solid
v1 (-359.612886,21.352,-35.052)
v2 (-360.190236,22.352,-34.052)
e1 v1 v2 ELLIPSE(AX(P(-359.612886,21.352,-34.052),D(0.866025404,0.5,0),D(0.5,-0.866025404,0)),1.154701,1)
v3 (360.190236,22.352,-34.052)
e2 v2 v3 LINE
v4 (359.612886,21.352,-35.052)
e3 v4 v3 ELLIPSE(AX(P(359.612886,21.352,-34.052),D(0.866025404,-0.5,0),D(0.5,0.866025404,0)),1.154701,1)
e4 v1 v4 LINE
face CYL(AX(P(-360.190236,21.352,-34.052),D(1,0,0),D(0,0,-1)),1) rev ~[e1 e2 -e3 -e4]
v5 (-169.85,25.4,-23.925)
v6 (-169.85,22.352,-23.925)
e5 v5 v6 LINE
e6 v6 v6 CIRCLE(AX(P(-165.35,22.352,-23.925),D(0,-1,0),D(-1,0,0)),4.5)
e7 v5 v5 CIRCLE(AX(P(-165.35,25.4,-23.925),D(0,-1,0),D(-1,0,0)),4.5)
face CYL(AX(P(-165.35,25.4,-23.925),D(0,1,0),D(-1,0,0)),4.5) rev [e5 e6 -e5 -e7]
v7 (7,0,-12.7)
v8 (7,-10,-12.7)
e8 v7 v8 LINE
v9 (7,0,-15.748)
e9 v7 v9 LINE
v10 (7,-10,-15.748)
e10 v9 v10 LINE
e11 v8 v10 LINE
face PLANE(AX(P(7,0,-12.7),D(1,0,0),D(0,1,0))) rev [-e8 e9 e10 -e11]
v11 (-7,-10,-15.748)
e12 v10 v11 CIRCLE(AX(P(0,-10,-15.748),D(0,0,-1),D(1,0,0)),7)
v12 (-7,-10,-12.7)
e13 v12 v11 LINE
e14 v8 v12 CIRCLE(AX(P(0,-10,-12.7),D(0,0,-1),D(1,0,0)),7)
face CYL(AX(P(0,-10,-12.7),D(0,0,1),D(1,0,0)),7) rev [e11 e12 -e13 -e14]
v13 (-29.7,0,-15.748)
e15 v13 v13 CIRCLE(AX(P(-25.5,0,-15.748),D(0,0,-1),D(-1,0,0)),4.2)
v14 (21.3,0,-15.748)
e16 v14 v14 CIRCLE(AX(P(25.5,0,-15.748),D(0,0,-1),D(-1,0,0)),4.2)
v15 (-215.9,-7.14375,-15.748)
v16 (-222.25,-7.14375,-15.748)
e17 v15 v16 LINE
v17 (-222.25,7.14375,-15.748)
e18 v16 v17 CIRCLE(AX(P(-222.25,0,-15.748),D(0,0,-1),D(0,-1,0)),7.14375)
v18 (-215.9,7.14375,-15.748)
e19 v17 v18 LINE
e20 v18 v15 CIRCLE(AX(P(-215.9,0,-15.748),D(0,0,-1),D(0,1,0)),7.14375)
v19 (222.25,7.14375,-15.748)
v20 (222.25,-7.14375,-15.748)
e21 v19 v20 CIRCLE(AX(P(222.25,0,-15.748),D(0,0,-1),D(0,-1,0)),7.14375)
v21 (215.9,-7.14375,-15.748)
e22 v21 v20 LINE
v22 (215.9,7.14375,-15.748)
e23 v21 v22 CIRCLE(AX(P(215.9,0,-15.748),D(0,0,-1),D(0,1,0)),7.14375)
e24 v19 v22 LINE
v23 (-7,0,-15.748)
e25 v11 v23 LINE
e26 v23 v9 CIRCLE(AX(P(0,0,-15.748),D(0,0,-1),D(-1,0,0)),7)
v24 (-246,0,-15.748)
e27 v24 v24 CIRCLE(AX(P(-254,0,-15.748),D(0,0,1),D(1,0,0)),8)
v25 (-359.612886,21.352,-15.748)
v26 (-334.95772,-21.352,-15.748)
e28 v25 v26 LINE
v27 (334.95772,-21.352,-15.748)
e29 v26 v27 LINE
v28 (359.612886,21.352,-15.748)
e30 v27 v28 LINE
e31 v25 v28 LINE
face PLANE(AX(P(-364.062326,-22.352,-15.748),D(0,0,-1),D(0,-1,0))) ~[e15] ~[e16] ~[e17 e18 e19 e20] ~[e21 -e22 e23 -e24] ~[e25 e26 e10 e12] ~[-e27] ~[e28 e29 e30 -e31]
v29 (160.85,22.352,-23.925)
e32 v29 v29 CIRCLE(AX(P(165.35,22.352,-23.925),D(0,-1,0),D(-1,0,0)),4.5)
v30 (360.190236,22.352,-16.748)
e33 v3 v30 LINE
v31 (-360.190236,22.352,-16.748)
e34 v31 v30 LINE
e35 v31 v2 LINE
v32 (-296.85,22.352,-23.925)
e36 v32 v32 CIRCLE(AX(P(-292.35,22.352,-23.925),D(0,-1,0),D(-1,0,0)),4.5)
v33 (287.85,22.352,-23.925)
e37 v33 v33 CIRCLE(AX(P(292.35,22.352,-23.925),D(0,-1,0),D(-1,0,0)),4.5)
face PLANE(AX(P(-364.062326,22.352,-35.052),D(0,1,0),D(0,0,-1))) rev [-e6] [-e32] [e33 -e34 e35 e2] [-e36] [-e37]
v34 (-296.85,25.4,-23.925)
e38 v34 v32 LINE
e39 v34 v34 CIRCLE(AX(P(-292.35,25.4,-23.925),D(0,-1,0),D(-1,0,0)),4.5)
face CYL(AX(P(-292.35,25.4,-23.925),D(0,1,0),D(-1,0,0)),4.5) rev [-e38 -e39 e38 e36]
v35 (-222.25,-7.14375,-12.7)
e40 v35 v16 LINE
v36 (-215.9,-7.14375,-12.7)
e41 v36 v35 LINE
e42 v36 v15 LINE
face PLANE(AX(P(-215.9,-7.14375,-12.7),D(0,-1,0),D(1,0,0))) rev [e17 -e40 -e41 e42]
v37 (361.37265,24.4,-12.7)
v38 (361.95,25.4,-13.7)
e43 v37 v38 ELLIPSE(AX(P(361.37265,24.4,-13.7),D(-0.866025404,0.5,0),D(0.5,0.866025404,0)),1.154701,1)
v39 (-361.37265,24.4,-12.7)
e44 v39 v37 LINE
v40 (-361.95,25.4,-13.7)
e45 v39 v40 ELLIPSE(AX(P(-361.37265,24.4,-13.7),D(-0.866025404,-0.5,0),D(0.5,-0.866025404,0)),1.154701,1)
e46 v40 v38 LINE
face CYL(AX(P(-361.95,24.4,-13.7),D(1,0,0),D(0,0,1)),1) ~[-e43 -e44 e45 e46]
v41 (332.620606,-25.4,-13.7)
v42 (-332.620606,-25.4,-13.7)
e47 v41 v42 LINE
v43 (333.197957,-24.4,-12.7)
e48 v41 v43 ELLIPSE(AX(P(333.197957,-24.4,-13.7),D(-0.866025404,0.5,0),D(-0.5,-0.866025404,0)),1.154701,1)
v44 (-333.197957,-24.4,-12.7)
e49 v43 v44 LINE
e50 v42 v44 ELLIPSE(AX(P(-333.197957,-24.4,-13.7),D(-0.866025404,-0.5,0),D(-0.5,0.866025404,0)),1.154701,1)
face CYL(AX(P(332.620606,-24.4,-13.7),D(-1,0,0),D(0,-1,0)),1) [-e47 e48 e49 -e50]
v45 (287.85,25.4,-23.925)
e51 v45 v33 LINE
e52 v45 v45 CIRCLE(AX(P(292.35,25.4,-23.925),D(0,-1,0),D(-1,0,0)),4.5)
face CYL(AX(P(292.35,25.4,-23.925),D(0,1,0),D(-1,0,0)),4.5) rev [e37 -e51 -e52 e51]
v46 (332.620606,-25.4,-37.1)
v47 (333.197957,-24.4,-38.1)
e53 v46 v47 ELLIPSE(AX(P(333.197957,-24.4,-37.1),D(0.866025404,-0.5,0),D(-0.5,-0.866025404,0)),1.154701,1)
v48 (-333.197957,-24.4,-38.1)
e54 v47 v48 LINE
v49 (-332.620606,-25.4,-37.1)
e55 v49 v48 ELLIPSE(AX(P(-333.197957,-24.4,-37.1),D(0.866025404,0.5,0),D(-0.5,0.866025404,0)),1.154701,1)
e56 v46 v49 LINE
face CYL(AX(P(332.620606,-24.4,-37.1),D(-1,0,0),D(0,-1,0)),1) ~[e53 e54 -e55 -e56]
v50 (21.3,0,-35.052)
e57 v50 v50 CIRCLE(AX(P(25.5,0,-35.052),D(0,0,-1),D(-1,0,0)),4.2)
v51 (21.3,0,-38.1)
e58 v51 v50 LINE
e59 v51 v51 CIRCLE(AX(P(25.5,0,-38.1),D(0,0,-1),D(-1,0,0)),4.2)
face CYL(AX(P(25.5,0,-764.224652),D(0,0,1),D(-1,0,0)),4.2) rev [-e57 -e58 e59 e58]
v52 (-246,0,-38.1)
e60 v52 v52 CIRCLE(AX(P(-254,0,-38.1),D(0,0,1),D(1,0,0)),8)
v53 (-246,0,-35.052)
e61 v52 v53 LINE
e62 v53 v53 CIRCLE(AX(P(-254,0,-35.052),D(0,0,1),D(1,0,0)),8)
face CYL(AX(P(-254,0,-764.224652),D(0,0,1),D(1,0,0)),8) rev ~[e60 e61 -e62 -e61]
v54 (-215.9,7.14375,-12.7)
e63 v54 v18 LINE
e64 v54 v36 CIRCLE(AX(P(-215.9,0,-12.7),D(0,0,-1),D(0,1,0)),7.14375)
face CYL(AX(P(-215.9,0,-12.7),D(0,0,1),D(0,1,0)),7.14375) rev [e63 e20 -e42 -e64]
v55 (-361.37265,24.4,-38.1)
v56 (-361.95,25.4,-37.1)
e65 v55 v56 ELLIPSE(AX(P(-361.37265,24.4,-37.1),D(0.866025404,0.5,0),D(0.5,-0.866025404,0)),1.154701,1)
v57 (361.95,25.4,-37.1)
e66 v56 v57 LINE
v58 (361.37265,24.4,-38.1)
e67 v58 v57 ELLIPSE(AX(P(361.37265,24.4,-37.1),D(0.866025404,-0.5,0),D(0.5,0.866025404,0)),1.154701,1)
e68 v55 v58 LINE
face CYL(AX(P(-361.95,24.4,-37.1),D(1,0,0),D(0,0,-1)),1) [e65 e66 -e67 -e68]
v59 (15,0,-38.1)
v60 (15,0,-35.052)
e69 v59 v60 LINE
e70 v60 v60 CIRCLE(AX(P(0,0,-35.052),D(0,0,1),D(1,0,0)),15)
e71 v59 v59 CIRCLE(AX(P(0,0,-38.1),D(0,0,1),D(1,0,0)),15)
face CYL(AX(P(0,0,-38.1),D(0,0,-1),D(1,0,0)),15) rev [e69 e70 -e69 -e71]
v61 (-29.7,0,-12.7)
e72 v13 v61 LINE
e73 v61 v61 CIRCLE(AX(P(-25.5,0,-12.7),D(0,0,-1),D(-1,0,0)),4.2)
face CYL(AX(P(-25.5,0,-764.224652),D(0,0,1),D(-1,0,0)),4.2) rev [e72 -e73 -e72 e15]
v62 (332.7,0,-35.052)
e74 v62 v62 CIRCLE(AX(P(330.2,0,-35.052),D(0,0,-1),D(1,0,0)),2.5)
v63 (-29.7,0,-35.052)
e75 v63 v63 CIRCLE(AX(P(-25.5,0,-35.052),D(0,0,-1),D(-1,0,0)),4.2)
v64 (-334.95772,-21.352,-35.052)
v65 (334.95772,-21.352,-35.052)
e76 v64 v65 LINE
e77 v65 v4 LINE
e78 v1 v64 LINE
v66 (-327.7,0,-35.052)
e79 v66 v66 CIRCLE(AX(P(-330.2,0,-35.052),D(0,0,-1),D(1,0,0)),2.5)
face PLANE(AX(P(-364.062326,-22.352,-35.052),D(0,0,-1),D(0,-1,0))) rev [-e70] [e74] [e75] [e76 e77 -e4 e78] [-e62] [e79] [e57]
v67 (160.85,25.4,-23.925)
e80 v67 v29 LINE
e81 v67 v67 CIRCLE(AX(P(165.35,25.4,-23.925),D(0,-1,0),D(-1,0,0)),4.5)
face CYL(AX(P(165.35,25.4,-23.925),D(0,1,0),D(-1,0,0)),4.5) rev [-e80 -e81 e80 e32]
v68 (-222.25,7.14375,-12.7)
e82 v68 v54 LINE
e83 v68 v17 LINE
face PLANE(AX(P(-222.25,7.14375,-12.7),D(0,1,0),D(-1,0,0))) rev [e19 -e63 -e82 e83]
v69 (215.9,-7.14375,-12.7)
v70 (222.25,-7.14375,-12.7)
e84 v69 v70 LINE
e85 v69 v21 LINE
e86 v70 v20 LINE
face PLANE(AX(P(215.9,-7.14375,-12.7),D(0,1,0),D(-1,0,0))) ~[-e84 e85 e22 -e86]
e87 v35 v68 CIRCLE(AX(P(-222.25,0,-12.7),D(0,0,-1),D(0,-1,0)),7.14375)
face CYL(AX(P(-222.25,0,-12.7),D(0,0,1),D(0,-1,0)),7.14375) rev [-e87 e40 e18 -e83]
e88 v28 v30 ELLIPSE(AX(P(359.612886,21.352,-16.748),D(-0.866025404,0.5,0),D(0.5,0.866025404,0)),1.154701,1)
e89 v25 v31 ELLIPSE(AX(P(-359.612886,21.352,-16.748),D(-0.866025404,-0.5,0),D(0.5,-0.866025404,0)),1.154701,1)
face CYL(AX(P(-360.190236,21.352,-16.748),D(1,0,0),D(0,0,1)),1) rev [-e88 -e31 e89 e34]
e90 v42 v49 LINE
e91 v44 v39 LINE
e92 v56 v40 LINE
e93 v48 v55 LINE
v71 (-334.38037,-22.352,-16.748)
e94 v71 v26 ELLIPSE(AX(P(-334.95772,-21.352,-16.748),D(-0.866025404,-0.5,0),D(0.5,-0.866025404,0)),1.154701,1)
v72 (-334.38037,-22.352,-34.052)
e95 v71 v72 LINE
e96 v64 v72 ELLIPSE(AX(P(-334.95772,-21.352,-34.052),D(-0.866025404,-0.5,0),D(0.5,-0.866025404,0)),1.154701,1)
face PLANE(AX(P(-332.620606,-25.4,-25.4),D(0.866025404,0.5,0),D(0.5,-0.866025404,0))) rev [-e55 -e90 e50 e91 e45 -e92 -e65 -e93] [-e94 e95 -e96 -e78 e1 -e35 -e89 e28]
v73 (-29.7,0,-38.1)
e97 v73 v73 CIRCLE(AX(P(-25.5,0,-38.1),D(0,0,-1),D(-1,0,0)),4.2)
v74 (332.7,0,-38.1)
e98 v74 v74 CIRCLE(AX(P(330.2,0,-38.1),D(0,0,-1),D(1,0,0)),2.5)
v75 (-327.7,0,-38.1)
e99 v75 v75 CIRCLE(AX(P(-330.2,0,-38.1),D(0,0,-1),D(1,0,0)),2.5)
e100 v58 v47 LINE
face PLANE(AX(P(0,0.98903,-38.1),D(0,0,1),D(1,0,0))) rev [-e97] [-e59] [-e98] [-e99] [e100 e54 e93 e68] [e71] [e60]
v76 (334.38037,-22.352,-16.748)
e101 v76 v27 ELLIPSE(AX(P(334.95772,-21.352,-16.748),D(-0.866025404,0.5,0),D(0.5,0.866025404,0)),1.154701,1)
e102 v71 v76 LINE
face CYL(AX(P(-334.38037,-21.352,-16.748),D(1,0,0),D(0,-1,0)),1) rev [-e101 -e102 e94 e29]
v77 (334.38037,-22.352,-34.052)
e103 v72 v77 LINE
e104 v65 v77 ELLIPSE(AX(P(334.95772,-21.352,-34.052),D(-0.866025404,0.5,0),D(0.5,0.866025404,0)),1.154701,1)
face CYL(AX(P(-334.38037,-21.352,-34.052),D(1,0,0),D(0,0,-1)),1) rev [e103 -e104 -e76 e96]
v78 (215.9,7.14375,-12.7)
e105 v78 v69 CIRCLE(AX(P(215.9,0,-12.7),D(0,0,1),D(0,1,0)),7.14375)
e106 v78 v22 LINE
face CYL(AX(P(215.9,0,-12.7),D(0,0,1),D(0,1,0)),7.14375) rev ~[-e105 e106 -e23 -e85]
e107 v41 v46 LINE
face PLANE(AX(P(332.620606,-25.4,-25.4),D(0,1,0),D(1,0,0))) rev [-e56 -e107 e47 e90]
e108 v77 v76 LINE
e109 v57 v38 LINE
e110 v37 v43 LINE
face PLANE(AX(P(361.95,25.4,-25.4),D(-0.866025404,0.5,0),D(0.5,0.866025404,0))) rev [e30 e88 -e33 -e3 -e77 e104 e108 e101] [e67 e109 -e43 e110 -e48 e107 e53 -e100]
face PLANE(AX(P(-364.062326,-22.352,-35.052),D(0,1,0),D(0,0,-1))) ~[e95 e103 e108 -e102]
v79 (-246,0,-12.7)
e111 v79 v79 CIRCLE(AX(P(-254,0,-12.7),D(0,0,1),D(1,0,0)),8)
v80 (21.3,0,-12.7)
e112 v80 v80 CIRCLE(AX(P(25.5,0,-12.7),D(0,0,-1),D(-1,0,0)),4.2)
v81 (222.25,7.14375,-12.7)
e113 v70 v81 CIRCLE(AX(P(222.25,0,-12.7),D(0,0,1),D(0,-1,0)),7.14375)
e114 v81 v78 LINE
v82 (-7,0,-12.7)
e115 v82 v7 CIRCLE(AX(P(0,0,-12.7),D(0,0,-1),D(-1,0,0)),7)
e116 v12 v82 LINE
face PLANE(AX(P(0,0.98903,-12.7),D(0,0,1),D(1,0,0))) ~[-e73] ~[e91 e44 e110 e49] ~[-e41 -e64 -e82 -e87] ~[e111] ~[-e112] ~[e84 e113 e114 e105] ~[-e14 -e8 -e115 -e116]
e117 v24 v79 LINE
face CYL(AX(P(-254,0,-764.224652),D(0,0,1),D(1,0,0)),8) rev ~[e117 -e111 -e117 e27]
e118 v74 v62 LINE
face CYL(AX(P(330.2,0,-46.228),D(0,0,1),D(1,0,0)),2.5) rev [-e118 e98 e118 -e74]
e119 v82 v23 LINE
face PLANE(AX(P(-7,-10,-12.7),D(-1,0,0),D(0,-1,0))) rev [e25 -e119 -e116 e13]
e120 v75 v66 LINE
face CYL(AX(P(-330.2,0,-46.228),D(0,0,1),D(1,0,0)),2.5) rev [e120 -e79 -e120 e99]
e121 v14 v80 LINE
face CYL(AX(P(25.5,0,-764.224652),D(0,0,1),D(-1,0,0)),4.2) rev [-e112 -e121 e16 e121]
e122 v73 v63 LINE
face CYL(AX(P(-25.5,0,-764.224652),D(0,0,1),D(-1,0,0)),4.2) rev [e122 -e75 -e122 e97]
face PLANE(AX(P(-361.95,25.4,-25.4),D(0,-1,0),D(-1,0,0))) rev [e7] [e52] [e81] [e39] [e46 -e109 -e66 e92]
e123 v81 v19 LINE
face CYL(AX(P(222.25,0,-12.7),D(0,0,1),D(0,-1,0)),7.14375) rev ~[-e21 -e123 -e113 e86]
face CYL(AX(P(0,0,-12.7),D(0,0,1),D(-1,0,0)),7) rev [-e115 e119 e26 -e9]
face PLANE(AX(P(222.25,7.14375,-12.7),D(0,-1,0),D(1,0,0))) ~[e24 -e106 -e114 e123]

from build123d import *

# Parameters (mm, degrees)
BOSS_EXTRUDE1_DEPTH       = 12.7
CUT_EXTRUDE1_DEPTH        = 364.062325917
CUT_EXTRUDE1_DEPTH_BACK   = 364.062325917
SKETCH3_W                 = 19.304
SKETCH3_H                 = 44.704
FILLET1_R                 = 1
WIREHOLE_REACH            = 365.728
MIDDLEHOLE_REACH          = 365.728
SKETCH5_R                 = 15
SPACERHOLESM8_D           = 8.4
WIRE_SLOTS_REACH          = 365.728
PLATE_MOUNTING_REACH      = 367.718
SKETCH14_R                = 4.5
M6X1_0_TAPPED_HOLE1_D     = 5
M6X1_0_TAPPED_HOLE1_DEPTH = 5.588
CUT_EXTRUDE5_DEPTH        = 365.834993524
CUT_EXTRUDE5_DEPTH_BACK   = 365.834993524
SKETCH10_W                = 25.4
SKETCH10_H                = 50.8
POWER_D                   = 16


with BuildPart() as part:
    # Sketch2 → Boss-Extrude1 (new, symmetric)
    with BuildSketch(Plane.XY):
        Polygon((-332.620606325, -25.4), (-361.95, 25.4), (361.95, 25.4), (332.620606325, -25.4), align=None)
    extrude(amount=BOSS_EXTRUDE1_DEPTH, both=True)

    # Sketch3 → Cut-Extrude1 (cut, two sides: drawn at the far end of the back side and taken through both)
    with BuildSketch(Plane(origin=(0, 0, 0), x_dir=(0, 0, -1), z_dir=(1, 0, 0)).offset(-CUT_EXTRUDE1_DEPTH_BACK)):
        Rectangle(SKETCH3_W, SKETCH3_H)
    extrude(amount=CUT_EXTRUDE1_DEPTH + CUT_EXTRUDE1_DEPTH_BACK, mode=Mode.SUBTRACT)

    # Fillet1
    fillet1_edges = [part.edges().sort_by_distance(p)[0] for p in [
        (0, -25.4, 12.7),
        (0, 22.352, -9.652),
        (0, -22.352, -9.652),
        (0, -22.352, 9.652),
        (0, 22.352, 9.652),
        (0, -25.4, -12.7),
        (0, 25.4, -12.7),
        (0, 25.4, 12.7),
    ]]
    fillet(fillet1_edges, radius=FILLET1_R)

    # Sketch4 → WireHole (cut, up to next)
    with BuildSketch(Plane(origin=(0, 0, -12.7), x_dir=(-1, 0, 0), z_dir=(0, 0, -1)), mode=Mode.PRIVATE) as wirehole_sk1:
        with BuildLine():
            Line((-7, 0), (-7, -10))
            ThreePointArc((-7, -10), (0, -17), (7, -10))
            Line((7, -10), (7, 0))
            ThreePointArc((7, 0), (0, 7), (-7, 0))
        make_face()
    wirehole_tool1 = extrude(wirehole_sk1.sketch, amount=-WIREHOLE_REACH, mode=Mode.PRIVATE) & part.part
    add(wirehole_tool1.solids().sort_by_distance((0, -5, -12.7))[0], mode=Mode.SUBTRACT)

    # Sketch5 → MiddleHole (cut, up to next)
    with BuildSketch(Plane.XY.offset(12.7), mode=Mode.PRIVATE) as middlehole_sk1:
        Circle(SKETCH5_R)
    middlehole_tool1 = extrude(middlehole_sk1.sketch, amount=-MIDDLEHOLE_REACH, mode=Mode.PRIVATE) & part.part
    add(middlehole_tool1.solids().sort_by_distance((0, 0, 12.7))[0], mode=Mode.SUBTRACT)

    # SpacerHolesM8 (through all)
    with Locations(Plane.XY.offset(12.7)):
        with Locations((-25.5, 0), (25.5, 0)):
            Hole(SPACERHOLESM8_D / 2)

    # Sketch9 → Wire Slots (cut, up to next)
    with BuildSketch(Plane(origin=(0, 0, -12.7), x_dir=(-1, 0, 0), z_dir=(0, 0, -1)), mode=Mode.PRIVATE) as wire_slots_sk1:
        with BuildLine():
            Line((-222.25, 7.14375), (-215.9, 7.14375))
            ThreePointArc((-215.9, 7.14375), (-208.75625, 0), (-215.9, -7.14375))
            Line((-215.9, -7.14375), (-222.25, -7.14375))
            ThreePointArc((-222.25, -7.14375), (-229.39375, 0), (-222.25, 7.14375))
        make_face()
    wire_slots_tool1 = extrude(wire_slots_sk1.sketch, amount=-WIRE_SLOTS_REACH, mode=Mode.PRIVATE) & part.part
    # Sketch9 → Wire Slots (cut, up to next)
    with BuildSketch(Plane(origin=(0, 0, -12.7), x_dir=(-1, 0, 0), z_dir=(0, 0, -1)), mode=Mode.PRIVATE) as wire_slots_sk2:
        with BuildLine():
            Line((222.25, 7.14375), (215.9, 7.14375))
            ThreePointArc((215.9, 7.14375), (208.75625, 0), (215.9, -7.14375))
            Line((215.9, -7.14375), (222.25, -7.14375))
            ThreePointArc((222.25, -7.14375), (229.39375, 0), (222.25, 7.14375))
        make_face()
    wire_slots_tool2 = extrude(wire_slots_sk2.sketch, amount=-WIRE_SLOTS_REACH, mode=Mode.PRIVATE) & part.part
    add(wire_slots_tool1.solids().sort_by_distance((219.075, 0, -12.7))[0], mode=Mode.SUBTRACT)
    add(wire_slots_tool2.solids().sort_by_distance((-219.075, 0, -12.7))[0], mode=Mode.SUBTRACT)

    # Sketch14 → Plate Mounting (cut, up to next)
    with BuildSketch(Plane(origin=(0, 25.4, 0), x_dir=(1, 0, 0), z_dir=(0, 1, 0)), mode=Mode.PRIVATE) as plate_mounting_sk1:
        with Locations(Location((-165.35, 1.475, 0), (0, 0, 180))):
            Circle(SKETCH14_R)
    plate_mounting_tool1 = extrude(plate_mounting_sk1.sketch, amount=-PLATE_MOUNTING_REACH, mode=Mode.PRIVATE) & part.part
    # Sketch14 → Plate Mounting (cut, up to next)
    with BuildSketch(Plane(origin=(0, 25.4, 0), x_dir=(1, 0, 0), z_dir=(0, 1, 0)), mode=Mode.PRIVATE) as plate_mounting_sk2:
        with Locations(Location((-292.35, 1.475, 0), (0, 0, 180))):
            Circle(SKETCH14_R)
    plate_mounting_tool2 = extrude(plate_mounting_sk2.sketch, amount=-PLATE_MOUNTING_REACH, mode=Mode.PRIVATE) & part.part
    # Sketch14 → Plate Mounting (cut, up to next)
    with BuildSketch(Plane(origin=(0, 25.4, 0), x_dir=(1, 0, 0), z_dir=(0, 1, 0)), mode=Mode.PRIVATE) as plate_mounting_sk3:
        with Locations(Location((292.35, 1.475, 0), (0, 0, 180))):
            Circle(SKETCH14_R)
    plate_mounting_tool3 = extrude(plate_mounting_sk3.sketch, amount=-PLATE_MOUNTING_REACH, mode=Mode.PRIVATE) & part.part
    # Sketch14 → Plate Mounting (cut, up to next)
    with BuildSketch(Plane(origin=(0, 25.4, 0), x_dir=(1, 0, 0), z_dir=(0, 1, 0)), mode=Mode.PRIVATE) as plate_mounting_sk4:
        with Locations(Location((165.35, 1.475, 0), (0, 0, 180))):
            Circle(SKETCH14_R)
    plate_mounting_tool4 = extrude(plate_mounting_sk4.sketch, amount=-PLATE_MOUNTING_REACH, mode=Mode.PRIVATE) & part.part
    add(plate_mounting_tool1.solids().sort_by_distance((-165.35, 25.4, -1.475))[0], mode=Mode.SUBTRACT)
    add(plate_mounting_tool2.solids().sort_by_distance((-292.35, 25.4, -1.475))[0], mode=Mode.SUBTRACT)
    add(plate_mounting_tool3.solids().sort_by_distance((292.35, 25.4, -1.475))[0], mode=Mode.SUBTRACT)
    add(plate_mounting_tool4.solids().sort_by_distance((165.35, 25.4, -1.475))[0], mode=Mode.SUBTRACT)

    # M6x1.0 Tapped Hole1
    with Locations(Plane(origin=(0, 0, 15.24), x_dir=(-1, 0, 0), z_dir=(0, 0, 1))):
        with Locations((-330.2, 0), (330.2, 0)):
            Hole(M6X1_0_TAPPED_HOLE1_D / 2, depth=M6X1_0_TAPPED_HOLE1_DEPTH)


with BuildPart() as body_2:
    # Mirror1: mirrored copy
    add(part.part.mirror(Plane(origin=(0, 0, -12.7), x_dir=(1, 0, 0), z_dir=(0, 0, -1))))

    # Power (through all)
    with Locations(Plane(origin=(0, 0, -38.1), x_dir=(-1, 0, 0), z_dir=(0, 0, -1))):
        with Locations((254, 0)):
            Hole(POWER_D / 2)


with BuildPart() as part_1:
    add(part.part)

    # Sketch10 → Cut-Extrude5 (cut, two sides: drawn at the far end of the back side and taken through both)
    with BuildSketch(Plane(origin=(0, 0, 0), x_dir=(0, 0, -1), z_dir=(1, 0, 0)).offset(-CUT_EXTRUDE5_DEPTH_BACK)):
        Rectangle(SKETCH10_W, SKETCH10_H)
    extrude(amount=CUT_EXTRUDE5_DEPTH + CUT_EXTRUDE5_DEPTH_BACK, mode=Mode.SUBTRACT)


solid = body_2.part
